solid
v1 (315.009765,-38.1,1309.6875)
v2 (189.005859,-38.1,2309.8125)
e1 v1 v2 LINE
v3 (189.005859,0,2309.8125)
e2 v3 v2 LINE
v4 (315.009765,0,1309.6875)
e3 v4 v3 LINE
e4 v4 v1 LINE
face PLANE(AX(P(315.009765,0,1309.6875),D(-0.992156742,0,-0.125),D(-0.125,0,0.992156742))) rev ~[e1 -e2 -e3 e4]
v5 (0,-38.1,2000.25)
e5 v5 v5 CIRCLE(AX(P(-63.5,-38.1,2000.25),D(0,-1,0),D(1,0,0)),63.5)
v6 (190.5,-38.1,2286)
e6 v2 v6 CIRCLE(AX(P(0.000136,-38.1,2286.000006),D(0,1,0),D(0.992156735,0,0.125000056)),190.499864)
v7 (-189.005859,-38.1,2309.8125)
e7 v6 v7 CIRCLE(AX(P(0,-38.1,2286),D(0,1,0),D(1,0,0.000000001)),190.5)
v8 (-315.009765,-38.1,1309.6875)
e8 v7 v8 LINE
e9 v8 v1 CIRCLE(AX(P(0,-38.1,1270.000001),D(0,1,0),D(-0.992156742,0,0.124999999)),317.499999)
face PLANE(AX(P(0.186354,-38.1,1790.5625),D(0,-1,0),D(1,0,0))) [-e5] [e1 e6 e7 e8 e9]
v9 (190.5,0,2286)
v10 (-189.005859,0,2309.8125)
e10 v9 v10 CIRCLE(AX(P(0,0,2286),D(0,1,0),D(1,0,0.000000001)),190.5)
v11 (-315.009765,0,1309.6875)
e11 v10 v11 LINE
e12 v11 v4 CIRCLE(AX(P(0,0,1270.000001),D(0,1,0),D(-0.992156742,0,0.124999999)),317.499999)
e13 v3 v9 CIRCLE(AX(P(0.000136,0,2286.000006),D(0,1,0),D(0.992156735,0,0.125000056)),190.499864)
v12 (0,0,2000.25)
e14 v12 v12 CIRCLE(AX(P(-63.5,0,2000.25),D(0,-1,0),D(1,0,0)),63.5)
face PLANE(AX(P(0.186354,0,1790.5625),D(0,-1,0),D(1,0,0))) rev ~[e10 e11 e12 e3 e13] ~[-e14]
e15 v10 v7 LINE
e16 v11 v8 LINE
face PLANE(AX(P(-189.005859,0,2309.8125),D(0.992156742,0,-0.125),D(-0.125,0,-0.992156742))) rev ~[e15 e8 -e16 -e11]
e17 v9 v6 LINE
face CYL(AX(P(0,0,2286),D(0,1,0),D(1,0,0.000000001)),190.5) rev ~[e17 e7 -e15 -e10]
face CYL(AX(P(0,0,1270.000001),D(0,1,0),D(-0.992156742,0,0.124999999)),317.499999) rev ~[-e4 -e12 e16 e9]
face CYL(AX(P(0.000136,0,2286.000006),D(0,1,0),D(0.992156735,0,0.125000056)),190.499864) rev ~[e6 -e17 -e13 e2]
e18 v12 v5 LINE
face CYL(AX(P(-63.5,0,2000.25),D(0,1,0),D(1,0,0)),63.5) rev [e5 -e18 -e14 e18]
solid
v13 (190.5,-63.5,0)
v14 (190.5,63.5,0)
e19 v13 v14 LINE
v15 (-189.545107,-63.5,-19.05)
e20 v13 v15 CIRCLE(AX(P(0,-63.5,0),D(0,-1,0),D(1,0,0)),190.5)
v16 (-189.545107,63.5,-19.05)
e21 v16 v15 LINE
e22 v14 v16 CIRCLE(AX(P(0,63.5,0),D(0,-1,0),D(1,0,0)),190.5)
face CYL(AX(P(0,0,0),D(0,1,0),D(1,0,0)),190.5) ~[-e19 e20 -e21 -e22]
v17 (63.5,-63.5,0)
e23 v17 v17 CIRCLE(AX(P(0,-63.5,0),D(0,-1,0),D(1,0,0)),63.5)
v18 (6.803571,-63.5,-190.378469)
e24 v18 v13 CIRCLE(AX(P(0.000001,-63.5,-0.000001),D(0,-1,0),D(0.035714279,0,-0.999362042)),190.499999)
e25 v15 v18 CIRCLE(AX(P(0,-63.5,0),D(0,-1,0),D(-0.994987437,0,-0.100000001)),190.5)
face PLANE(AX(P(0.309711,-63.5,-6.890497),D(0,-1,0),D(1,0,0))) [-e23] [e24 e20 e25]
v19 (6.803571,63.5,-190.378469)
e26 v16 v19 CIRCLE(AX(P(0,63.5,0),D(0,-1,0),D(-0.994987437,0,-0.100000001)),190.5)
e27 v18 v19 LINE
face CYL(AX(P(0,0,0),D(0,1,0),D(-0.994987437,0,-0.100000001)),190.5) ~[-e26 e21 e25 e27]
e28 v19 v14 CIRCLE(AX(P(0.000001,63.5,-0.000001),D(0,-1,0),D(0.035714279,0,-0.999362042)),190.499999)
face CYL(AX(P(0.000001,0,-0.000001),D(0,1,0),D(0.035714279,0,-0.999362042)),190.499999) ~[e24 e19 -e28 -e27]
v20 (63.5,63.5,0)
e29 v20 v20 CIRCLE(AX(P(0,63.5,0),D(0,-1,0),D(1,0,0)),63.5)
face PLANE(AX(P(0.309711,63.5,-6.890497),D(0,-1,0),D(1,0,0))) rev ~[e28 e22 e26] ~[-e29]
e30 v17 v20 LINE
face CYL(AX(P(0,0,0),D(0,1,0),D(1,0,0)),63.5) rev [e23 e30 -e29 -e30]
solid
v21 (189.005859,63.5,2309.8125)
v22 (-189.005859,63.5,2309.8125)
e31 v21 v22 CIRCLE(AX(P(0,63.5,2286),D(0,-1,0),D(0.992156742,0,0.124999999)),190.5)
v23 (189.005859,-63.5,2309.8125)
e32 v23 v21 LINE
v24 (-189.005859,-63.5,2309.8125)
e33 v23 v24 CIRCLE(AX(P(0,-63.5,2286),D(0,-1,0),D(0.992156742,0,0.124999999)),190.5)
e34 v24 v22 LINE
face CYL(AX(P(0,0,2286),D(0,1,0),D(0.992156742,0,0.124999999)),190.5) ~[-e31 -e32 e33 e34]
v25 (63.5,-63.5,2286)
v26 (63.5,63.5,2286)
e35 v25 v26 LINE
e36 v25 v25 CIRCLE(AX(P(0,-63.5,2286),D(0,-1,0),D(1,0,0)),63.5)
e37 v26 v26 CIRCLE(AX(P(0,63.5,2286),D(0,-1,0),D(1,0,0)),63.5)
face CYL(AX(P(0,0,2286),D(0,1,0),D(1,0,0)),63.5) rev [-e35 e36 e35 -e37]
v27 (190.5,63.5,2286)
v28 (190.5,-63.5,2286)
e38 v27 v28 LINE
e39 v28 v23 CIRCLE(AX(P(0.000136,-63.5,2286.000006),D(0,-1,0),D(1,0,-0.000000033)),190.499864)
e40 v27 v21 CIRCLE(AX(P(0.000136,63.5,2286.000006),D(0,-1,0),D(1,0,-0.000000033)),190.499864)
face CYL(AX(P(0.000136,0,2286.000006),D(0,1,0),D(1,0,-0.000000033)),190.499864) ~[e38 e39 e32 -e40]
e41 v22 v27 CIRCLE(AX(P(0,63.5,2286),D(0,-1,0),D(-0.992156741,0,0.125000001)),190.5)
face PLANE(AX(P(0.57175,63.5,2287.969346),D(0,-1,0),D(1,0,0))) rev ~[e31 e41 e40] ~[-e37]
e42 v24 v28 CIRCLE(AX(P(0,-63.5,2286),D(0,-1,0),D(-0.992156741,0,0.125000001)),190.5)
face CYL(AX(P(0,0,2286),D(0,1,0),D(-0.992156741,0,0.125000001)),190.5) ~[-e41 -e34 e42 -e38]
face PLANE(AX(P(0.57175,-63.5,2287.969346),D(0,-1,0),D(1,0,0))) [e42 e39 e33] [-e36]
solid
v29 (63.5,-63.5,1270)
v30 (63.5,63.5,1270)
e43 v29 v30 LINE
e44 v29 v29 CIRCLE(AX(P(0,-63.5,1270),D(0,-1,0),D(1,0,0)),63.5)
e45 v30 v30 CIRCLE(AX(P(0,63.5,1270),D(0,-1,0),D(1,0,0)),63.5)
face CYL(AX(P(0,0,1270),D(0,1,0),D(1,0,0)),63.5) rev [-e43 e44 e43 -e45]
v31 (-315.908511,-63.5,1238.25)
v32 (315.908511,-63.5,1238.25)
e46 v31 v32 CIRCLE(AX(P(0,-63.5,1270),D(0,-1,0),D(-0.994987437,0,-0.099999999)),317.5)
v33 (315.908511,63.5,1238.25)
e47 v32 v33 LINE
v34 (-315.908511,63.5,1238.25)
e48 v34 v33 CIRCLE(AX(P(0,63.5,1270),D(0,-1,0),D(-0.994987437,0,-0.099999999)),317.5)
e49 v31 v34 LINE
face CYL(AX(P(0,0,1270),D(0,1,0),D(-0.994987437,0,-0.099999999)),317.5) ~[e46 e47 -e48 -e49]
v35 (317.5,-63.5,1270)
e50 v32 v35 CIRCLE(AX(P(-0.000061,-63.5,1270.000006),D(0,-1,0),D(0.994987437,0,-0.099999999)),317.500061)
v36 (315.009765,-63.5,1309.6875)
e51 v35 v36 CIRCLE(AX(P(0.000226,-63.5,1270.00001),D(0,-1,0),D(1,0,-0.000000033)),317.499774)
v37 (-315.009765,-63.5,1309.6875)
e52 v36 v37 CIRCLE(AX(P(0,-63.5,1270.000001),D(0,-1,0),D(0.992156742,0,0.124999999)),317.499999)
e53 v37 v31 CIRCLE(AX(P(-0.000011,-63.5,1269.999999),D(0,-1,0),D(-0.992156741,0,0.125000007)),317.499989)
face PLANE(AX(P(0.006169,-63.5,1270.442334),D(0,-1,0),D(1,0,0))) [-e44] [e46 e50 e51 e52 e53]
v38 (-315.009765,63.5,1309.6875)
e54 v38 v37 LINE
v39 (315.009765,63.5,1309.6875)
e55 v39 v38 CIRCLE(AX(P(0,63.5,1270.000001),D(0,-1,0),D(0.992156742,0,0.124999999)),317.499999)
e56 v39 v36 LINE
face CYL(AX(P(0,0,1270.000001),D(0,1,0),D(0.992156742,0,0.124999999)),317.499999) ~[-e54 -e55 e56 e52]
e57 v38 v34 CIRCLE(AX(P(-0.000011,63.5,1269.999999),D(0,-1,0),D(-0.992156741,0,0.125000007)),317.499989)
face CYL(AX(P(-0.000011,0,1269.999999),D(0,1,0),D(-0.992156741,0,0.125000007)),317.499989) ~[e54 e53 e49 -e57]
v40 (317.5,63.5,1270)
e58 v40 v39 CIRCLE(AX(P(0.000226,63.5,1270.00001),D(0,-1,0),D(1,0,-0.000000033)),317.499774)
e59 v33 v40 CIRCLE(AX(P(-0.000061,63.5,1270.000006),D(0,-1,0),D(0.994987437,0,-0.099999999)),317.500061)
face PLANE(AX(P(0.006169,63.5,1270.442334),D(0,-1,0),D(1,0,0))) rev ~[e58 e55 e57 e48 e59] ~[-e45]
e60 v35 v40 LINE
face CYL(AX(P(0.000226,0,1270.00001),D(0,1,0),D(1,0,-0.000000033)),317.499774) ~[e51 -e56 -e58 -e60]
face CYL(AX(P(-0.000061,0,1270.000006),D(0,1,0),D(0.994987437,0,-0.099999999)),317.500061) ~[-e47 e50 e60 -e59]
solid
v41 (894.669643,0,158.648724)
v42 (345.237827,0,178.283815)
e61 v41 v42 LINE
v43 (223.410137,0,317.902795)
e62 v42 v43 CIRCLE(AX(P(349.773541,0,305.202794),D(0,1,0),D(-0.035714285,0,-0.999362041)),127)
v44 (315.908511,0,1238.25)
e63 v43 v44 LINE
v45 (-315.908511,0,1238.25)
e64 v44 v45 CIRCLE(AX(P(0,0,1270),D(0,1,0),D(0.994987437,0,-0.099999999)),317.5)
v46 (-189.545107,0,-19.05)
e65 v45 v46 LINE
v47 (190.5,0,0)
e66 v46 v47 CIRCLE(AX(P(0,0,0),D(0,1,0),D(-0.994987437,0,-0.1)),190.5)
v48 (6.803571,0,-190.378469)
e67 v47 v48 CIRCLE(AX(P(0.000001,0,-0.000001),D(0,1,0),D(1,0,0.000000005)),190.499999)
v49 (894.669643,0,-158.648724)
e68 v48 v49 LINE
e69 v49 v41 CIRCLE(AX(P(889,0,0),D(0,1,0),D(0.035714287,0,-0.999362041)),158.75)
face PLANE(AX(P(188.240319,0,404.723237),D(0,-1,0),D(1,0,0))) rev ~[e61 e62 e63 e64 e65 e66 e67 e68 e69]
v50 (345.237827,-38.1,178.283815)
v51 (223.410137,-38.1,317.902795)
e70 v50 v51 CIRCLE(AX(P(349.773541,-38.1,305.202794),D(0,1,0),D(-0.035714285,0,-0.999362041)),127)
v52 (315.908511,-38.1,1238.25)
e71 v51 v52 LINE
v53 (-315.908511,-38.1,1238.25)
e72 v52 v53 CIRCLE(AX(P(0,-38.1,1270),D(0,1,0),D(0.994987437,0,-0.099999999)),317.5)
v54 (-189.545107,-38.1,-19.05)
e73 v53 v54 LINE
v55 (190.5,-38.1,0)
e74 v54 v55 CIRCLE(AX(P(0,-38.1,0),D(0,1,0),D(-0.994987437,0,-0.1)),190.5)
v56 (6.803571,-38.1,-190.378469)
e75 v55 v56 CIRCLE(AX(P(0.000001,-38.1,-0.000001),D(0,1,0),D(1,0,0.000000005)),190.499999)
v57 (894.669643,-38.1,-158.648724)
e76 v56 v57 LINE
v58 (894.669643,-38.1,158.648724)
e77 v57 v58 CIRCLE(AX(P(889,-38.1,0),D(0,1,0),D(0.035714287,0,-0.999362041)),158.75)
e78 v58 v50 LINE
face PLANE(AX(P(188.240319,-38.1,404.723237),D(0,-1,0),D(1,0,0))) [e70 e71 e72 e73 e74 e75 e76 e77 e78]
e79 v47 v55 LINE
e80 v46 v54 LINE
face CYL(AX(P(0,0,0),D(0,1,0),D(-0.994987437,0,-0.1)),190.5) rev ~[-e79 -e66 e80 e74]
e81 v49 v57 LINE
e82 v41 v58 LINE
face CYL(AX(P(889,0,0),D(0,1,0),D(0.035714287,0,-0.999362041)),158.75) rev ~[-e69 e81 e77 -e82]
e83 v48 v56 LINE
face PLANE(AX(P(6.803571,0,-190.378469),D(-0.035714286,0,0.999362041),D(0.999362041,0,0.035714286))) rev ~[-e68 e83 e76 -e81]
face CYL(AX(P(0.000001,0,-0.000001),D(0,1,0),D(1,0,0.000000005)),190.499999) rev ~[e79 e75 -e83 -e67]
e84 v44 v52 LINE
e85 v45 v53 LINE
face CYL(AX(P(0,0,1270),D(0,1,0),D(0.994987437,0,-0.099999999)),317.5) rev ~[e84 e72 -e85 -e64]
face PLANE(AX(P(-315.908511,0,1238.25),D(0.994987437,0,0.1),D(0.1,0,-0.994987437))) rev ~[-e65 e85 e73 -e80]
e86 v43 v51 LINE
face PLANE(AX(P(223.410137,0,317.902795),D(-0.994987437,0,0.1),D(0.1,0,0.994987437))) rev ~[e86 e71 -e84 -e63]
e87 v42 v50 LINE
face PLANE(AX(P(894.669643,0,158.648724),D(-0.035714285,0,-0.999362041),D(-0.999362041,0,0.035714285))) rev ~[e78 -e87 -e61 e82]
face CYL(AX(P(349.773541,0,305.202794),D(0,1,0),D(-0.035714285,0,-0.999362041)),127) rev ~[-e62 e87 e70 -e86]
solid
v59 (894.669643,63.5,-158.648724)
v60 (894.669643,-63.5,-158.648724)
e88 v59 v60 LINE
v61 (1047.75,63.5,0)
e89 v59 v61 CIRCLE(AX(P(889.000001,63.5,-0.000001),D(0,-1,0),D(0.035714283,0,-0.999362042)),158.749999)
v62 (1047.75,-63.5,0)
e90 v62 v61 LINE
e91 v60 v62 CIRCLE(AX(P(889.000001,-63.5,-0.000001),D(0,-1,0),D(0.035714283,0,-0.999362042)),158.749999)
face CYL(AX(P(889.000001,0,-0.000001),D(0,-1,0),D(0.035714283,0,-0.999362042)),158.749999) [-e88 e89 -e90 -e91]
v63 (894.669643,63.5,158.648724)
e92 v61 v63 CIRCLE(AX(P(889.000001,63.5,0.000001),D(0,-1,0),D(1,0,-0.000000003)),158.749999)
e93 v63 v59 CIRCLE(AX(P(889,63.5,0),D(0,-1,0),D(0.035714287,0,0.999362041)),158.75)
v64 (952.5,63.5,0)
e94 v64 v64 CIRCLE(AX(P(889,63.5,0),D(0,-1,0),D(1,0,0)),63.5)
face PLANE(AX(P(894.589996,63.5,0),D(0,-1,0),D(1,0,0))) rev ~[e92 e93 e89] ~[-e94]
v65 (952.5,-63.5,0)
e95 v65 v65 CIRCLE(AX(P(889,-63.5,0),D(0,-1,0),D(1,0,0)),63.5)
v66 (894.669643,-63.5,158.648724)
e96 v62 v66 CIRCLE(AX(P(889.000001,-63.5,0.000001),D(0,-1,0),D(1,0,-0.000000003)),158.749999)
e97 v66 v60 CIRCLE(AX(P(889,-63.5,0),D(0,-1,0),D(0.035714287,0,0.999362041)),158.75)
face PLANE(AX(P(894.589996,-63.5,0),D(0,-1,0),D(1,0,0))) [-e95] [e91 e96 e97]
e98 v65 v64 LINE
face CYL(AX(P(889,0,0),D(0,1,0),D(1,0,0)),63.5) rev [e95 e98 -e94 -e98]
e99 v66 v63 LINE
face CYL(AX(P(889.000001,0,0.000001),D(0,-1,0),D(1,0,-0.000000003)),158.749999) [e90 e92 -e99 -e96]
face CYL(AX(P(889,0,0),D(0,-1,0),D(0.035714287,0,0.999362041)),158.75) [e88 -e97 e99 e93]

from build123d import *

# Parameters (mm, degrees)
F0_R     = 63.5
F1_DEPTH = 63.5
F2_DEPTH = 38.1


with BuildPart() as f1:
    # F0 (on Front) → F1 (new body, symmetric)
    with BuildSketch(Plane.XZ):
        with BuildLine():
            ThreePointArc((-189.005859, 2309.8125), (-11.929665, 2095.873902), (190.5, 2286))
            ThreePointArc((190.5, 2286), (190.126098, 2297.929665), (189.005859, 2309.8125))
            ThreePointArc((189.005859, 2309.8125), (0, 2476.5), (-189.005859, 2309.8125))
        make_face()
        with Locations((0, 2286)):
            Circle(F0_R, mode=Mode.SUBTRACT)
        with BuildLine():
            ThreePointArc((317.5, 1270), (316.87683, 1289.882775), (315.009765, 1309.6875))
            ThreePointArc((315.009765, 1309.6875), (0, 1587.5), (-315.009765, 1309.6875))
            ThreePointArc((-315.009765, 1309.6875), (-317.474876, 1273.99411), (-315.908511, 1238.25))
            ThreePointArc((-315.908511, 1238.25), (0, 952.5), (315.908511, 1238.25))
            ThreePointArc((315.908511, 1238.25), (317.101878, 1254.105069), (317.5, 1270))
        make_face()
        with Locations((0, 1270)):
            Circle(F0_R, mode=Mode.SUBTRACT)
        with BuildLine():
            ThreePointArc((190.5, 0), (-9.536959, 190.261127), (-189.545107, -19.05))
            ThreePointArc((-189.545107, -19.05), (-125.247668, -143.538398), (6.803571, -190.378469))
            ThreePointArc((6.803571, -190.378469), (137.088166, -132.276547), (190.5, 0))
        make_face()
        Circle(F0_R, mode=Mode.SUBTRACT)
        with BuildLine():
            ThreePointArc((894.669643, 158.648724), (730.25, 0), (894.669643, -158.648724))
            ThreePointArc((894.669643, -158.648724), (1003.240138, -110.230456), (1047.75, 0))
            ThreePointArc((1047.75, 0), (1003.240138, 110.230456), (894.669643, 158.648724))
        make_face()
        with Locations((889, 0)):
            Circle(F0_R, mode=Mode.SUBTRACT)
    extrude(amount=F1_DEPTH, both=True)


with BuildPart() as f2:
    # F0 (on Front) → F2 (new body)
    with BuildSketch(Plane.XZ):
        with BuildLine():
            ThreePointArc((189.005859, 2309.8125), (190.126098, 2297.929665), (190.5, 2286))
            ThreePointArc((190.5, 2286), (-11.929665, 2095.873902), (-189.005859, 2309.8125))
            Line((-189.005859, 2309.8125), (-315.009765, 1309.6875))
            ThreePointArc((-315.009765, 1309.6875), (0, 1587.5), (315.009765, 1309.6875))
            Line((315.009765, 1309.6875), (189.005859, 2309.8125))
        make_face()
        with Locations((-63.5, 2000.25)):
            Circle(F0_R, mode=Mode.SUBTRACT)
        with BuildLine():
            ThreePointArc((315.908511, 1238.25), (0, 952.5), (-315.908511, 1238.25))
            Line((-315.908511, 1238.25), (-189.545107, -19.05))
            ThreePointArc((-189.545107, -19.05), (-9.536959, 190.261127), (190.5, 0))
            ThreePointArc((190.5, 0), (137.088166, -132.276547), (6.803571, -190.378469))
            Line((6.803571, -190.378469), (894.669643, -158.648724))
            ThreePointArc((894.669643, -158.648724), (730.25, 0), (894.669643, 158.648724))
            Line((894.669643, 158.648724), (345.237827, 178.283815))
            ThreePointArc((345.237827, 178.283815), (254.081276, 221.704349), (223.410137, 317.902795))
            Line((223.410137, 317.902795), (315.908511, 1238.25))
        make_face()
    extrude(amount=F2_DEPTH)


solid = Compound([f1.part, f2.part])
